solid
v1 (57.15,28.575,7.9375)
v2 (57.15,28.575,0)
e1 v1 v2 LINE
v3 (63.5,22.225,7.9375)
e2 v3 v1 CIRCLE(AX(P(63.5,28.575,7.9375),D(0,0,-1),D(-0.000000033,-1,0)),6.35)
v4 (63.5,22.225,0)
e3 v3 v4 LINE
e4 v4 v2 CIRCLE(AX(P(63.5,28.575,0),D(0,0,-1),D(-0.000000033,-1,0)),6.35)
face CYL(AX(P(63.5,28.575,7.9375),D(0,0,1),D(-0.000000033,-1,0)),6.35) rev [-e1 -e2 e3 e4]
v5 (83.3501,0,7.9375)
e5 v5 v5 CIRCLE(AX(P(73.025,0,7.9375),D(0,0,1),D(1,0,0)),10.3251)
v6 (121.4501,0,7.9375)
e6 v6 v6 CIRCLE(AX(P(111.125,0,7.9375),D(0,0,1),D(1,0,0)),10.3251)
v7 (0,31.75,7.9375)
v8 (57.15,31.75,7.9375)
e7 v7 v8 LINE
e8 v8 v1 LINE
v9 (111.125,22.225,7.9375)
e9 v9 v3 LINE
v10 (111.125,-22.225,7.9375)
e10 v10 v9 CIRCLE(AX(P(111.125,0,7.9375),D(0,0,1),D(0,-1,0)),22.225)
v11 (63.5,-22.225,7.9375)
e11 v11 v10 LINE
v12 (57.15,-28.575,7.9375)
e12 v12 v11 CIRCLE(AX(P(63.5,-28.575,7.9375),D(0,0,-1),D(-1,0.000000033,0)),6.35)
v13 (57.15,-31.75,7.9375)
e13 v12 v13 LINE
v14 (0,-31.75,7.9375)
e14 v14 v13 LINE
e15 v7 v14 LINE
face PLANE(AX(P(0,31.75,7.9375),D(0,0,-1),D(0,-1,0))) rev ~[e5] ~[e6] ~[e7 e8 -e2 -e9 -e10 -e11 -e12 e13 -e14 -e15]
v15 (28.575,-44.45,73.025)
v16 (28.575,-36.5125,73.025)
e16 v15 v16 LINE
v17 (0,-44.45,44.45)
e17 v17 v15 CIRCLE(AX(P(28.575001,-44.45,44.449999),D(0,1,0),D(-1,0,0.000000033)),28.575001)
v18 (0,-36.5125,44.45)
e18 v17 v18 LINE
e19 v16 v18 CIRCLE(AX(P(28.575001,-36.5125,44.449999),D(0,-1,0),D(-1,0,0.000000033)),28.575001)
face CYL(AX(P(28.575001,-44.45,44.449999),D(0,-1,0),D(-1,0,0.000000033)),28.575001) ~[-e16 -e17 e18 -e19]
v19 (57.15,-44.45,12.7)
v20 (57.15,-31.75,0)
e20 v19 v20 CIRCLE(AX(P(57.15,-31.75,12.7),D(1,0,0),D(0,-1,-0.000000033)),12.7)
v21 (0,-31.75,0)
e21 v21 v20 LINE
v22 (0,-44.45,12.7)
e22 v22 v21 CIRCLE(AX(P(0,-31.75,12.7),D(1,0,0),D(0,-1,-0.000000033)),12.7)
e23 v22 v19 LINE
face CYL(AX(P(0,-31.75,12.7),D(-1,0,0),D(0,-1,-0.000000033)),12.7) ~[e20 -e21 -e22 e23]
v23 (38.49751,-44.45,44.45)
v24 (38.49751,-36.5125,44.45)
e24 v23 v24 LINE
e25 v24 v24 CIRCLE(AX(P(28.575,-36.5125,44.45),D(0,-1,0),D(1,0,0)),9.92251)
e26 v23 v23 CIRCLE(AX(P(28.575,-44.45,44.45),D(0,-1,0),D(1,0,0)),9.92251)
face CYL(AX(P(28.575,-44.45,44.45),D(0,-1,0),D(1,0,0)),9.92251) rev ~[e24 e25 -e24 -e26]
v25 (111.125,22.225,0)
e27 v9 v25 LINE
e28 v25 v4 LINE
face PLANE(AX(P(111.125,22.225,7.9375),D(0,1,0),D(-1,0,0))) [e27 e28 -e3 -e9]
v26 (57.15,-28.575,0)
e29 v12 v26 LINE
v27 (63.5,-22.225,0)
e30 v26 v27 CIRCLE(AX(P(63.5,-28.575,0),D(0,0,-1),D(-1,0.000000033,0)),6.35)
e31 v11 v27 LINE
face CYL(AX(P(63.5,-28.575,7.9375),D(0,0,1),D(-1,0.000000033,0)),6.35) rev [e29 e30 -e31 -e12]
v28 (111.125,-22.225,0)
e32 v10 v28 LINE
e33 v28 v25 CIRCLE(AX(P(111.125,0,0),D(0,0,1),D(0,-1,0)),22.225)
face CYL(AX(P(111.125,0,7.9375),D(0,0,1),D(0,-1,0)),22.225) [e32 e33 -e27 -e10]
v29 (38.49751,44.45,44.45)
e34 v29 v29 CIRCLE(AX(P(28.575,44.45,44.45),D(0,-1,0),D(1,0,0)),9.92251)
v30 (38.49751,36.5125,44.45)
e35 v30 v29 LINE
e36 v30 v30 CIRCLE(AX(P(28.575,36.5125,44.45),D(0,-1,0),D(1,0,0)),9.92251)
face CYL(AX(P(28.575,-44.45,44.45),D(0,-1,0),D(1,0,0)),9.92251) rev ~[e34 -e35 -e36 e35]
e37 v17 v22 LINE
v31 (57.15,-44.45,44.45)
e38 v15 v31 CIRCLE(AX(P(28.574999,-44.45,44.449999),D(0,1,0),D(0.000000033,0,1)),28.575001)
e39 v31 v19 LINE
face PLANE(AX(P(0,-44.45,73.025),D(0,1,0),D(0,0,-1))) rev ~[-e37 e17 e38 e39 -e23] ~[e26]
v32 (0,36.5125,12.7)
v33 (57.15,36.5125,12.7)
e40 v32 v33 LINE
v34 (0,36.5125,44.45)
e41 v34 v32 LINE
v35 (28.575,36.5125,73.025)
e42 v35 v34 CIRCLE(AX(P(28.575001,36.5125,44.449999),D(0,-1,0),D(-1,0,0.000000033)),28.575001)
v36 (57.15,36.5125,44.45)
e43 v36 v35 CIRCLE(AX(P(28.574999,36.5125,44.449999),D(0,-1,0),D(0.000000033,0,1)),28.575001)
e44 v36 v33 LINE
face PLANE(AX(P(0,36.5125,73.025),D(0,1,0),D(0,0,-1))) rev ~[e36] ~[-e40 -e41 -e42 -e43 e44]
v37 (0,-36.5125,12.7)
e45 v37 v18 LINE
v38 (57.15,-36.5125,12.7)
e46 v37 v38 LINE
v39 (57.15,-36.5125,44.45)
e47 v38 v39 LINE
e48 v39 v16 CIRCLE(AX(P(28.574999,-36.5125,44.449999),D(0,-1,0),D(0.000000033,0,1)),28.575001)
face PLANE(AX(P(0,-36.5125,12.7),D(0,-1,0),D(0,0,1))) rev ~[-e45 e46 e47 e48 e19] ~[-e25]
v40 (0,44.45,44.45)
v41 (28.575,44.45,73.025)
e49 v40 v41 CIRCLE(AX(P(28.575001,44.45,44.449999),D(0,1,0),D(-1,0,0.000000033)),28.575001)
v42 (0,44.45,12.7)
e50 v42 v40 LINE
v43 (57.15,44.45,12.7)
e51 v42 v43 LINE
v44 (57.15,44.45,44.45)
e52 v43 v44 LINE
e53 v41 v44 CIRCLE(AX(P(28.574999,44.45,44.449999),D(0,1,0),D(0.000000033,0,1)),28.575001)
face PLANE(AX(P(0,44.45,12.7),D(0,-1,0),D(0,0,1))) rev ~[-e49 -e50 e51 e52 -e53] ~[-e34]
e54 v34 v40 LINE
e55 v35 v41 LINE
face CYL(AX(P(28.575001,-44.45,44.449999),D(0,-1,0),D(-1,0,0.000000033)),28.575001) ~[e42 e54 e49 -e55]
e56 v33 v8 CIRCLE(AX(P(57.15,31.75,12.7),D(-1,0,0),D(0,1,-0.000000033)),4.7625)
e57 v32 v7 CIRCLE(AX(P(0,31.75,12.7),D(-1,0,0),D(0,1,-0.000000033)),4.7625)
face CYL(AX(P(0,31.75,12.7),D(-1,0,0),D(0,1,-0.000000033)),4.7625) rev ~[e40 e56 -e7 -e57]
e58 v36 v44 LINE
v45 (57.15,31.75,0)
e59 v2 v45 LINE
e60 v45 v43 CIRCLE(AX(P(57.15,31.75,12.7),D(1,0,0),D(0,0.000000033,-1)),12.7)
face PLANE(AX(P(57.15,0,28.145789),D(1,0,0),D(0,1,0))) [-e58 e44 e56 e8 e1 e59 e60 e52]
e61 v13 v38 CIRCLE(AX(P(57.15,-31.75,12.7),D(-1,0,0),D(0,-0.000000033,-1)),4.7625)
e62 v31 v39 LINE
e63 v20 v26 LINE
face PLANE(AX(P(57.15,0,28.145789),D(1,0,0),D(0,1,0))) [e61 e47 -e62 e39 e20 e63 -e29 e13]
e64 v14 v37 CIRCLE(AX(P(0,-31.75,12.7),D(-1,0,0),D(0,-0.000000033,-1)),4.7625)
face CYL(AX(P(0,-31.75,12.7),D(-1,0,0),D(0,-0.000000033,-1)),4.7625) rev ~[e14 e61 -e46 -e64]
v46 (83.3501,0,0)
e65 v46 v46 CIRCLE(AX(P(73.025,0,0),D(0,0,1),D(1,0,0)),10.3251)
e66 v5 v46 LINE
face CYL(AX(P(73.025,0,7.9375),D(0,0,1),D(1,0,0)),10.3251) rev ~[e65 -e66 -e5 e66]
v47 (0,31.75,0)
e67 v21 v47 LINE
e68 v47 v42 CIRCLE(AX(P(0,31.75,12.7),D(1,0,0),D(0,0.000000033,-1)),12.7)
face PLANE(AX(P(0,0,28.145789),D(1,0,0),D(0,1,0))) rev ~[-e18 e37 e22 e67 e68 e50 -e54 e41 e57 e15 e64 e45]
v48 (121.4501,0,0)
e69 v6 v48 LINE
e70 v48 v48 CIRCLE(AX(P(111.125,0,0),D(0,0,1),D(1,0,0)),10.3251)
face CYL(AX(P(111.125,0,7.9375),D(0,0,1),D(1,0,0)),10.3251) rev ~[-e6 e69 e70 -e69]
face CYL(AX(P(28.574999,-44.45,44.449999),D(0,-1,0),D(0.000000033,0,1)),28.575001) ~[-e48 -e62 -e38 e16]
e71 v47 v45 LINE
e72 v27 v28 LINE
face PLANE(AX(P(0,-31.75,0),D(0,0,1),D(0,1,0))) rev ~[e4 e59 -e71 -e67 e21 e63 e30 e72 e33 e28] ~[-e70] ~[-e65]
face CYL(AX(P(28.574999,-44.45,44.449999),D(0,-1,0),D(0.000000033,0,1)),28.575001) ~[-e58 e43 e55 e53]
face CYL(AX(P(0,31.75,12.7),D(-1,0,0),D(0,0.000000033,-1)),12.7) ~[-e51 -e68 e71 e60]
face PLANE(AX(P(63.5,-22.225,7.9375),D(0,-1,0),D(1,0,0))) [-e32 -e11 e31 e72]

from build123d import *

# Parameters (mm, degrees)
F1_DEPTH = 57.15
F2_R     = 10.3251
F3_DEPTH = 7.9375
F4_R     = 9.92251
F5_DEPTH = 88.9


with BuildPart() as f1:
    # F0 (on Right) → F1 (new body)
    with BuildSketch(Plane.YZ):
        with BuildLine():
            Line((-31.75, 0), (0, 0))
            Line((0, 0), (31.75, 0))
            ThreePointArc((31.75, 0), (40.730256, 3.719744), (44.45, 12.7))
            Line((44.45, 12.7), (44.45, 73.025))
            Line((44.45, 73.025), (36.5125, 73.025))
            Line((36.5125, 73.025), (36.5125, 12.7))
            ThreePointArc((36.5125, 12.7), (35.117596, 9.332404), (31.75, 7.9375))
            Line((31.75, 7.9375), (-31.75, 7.9375))
            ThreePointArc((-31.75, 7.9375), (-35.117596, 9.332404), (-36.5125, 12.7))
            Line((-36.5125, 12.7), (-36.5125, 73.025))
            Line((-36.5125, 73.025), (-44.45, 73.025))
            Line((-44.45, 73.025), (-44.45, 12.7))
            ThreePointArc((-44.45, 12.7), (-40.730256, 3.719744), (-31.75, 0))
        make_face()
    extrude(amount=F1_DEPTH)

    # F2 (on face) → F3 (join)
    with BuildSketch(Plane.XY.offset(7.9375)):
        with BuildLine():
            ThreePointArc((63.5, 22.225), (59.009872, 24.084872), (57.15, 28.575))
            Line((57.15, 28.575), (57.15, -28.575))
            ThreePointArc((57.15, -28.575), (59.009872, -24.084872), (63.5, -22.225))
            Line((63.5, -22.225), (111.125, -22.225))
            ThreePointArc((111.125, -22.225), (133.35, 0), (111.125, 22.225))
            Line((111.125, 22.225), (63.5, 22.225))
        make_face()
        with Locations((73.025, 0)):
            Circle(F2_R, mode=Mode.SUBTRACT)
        with Locations((111.125, 0)):
            Circle(F2_R, mode=Mode.SUBTRACT)
    extrude(amount=-F3_DEPTH)

    # F4 (on face) → F5 (cut)
    with BuildSketch(Plane.XZ.offset(44.45)):
        with Locations((28.575, 44.45)):
            Circle(F4_R)
        with BuildLine():
            Line((28.575, 73.025), (0, 73.025))
            Line((0, 73.025), (0, 44.45))
            ThreePointArc((0, 44.45), (8.369424, 64.655576), (28.575, 73.025))
        make_face()
        with BuildLine():
            Line((57.15, 73.025), (28.575, 73.025))
            ThreePointArc((28.575, 73.025), (48.780576, 64.655576), (57.15, 44.45))
            Line((57.15, 44.45), (57.15, 73.025))
        make_face()
    extrude(amount=-F5_DEPTH, mode=Mode.SUBTRACT)


solid = f1.part
